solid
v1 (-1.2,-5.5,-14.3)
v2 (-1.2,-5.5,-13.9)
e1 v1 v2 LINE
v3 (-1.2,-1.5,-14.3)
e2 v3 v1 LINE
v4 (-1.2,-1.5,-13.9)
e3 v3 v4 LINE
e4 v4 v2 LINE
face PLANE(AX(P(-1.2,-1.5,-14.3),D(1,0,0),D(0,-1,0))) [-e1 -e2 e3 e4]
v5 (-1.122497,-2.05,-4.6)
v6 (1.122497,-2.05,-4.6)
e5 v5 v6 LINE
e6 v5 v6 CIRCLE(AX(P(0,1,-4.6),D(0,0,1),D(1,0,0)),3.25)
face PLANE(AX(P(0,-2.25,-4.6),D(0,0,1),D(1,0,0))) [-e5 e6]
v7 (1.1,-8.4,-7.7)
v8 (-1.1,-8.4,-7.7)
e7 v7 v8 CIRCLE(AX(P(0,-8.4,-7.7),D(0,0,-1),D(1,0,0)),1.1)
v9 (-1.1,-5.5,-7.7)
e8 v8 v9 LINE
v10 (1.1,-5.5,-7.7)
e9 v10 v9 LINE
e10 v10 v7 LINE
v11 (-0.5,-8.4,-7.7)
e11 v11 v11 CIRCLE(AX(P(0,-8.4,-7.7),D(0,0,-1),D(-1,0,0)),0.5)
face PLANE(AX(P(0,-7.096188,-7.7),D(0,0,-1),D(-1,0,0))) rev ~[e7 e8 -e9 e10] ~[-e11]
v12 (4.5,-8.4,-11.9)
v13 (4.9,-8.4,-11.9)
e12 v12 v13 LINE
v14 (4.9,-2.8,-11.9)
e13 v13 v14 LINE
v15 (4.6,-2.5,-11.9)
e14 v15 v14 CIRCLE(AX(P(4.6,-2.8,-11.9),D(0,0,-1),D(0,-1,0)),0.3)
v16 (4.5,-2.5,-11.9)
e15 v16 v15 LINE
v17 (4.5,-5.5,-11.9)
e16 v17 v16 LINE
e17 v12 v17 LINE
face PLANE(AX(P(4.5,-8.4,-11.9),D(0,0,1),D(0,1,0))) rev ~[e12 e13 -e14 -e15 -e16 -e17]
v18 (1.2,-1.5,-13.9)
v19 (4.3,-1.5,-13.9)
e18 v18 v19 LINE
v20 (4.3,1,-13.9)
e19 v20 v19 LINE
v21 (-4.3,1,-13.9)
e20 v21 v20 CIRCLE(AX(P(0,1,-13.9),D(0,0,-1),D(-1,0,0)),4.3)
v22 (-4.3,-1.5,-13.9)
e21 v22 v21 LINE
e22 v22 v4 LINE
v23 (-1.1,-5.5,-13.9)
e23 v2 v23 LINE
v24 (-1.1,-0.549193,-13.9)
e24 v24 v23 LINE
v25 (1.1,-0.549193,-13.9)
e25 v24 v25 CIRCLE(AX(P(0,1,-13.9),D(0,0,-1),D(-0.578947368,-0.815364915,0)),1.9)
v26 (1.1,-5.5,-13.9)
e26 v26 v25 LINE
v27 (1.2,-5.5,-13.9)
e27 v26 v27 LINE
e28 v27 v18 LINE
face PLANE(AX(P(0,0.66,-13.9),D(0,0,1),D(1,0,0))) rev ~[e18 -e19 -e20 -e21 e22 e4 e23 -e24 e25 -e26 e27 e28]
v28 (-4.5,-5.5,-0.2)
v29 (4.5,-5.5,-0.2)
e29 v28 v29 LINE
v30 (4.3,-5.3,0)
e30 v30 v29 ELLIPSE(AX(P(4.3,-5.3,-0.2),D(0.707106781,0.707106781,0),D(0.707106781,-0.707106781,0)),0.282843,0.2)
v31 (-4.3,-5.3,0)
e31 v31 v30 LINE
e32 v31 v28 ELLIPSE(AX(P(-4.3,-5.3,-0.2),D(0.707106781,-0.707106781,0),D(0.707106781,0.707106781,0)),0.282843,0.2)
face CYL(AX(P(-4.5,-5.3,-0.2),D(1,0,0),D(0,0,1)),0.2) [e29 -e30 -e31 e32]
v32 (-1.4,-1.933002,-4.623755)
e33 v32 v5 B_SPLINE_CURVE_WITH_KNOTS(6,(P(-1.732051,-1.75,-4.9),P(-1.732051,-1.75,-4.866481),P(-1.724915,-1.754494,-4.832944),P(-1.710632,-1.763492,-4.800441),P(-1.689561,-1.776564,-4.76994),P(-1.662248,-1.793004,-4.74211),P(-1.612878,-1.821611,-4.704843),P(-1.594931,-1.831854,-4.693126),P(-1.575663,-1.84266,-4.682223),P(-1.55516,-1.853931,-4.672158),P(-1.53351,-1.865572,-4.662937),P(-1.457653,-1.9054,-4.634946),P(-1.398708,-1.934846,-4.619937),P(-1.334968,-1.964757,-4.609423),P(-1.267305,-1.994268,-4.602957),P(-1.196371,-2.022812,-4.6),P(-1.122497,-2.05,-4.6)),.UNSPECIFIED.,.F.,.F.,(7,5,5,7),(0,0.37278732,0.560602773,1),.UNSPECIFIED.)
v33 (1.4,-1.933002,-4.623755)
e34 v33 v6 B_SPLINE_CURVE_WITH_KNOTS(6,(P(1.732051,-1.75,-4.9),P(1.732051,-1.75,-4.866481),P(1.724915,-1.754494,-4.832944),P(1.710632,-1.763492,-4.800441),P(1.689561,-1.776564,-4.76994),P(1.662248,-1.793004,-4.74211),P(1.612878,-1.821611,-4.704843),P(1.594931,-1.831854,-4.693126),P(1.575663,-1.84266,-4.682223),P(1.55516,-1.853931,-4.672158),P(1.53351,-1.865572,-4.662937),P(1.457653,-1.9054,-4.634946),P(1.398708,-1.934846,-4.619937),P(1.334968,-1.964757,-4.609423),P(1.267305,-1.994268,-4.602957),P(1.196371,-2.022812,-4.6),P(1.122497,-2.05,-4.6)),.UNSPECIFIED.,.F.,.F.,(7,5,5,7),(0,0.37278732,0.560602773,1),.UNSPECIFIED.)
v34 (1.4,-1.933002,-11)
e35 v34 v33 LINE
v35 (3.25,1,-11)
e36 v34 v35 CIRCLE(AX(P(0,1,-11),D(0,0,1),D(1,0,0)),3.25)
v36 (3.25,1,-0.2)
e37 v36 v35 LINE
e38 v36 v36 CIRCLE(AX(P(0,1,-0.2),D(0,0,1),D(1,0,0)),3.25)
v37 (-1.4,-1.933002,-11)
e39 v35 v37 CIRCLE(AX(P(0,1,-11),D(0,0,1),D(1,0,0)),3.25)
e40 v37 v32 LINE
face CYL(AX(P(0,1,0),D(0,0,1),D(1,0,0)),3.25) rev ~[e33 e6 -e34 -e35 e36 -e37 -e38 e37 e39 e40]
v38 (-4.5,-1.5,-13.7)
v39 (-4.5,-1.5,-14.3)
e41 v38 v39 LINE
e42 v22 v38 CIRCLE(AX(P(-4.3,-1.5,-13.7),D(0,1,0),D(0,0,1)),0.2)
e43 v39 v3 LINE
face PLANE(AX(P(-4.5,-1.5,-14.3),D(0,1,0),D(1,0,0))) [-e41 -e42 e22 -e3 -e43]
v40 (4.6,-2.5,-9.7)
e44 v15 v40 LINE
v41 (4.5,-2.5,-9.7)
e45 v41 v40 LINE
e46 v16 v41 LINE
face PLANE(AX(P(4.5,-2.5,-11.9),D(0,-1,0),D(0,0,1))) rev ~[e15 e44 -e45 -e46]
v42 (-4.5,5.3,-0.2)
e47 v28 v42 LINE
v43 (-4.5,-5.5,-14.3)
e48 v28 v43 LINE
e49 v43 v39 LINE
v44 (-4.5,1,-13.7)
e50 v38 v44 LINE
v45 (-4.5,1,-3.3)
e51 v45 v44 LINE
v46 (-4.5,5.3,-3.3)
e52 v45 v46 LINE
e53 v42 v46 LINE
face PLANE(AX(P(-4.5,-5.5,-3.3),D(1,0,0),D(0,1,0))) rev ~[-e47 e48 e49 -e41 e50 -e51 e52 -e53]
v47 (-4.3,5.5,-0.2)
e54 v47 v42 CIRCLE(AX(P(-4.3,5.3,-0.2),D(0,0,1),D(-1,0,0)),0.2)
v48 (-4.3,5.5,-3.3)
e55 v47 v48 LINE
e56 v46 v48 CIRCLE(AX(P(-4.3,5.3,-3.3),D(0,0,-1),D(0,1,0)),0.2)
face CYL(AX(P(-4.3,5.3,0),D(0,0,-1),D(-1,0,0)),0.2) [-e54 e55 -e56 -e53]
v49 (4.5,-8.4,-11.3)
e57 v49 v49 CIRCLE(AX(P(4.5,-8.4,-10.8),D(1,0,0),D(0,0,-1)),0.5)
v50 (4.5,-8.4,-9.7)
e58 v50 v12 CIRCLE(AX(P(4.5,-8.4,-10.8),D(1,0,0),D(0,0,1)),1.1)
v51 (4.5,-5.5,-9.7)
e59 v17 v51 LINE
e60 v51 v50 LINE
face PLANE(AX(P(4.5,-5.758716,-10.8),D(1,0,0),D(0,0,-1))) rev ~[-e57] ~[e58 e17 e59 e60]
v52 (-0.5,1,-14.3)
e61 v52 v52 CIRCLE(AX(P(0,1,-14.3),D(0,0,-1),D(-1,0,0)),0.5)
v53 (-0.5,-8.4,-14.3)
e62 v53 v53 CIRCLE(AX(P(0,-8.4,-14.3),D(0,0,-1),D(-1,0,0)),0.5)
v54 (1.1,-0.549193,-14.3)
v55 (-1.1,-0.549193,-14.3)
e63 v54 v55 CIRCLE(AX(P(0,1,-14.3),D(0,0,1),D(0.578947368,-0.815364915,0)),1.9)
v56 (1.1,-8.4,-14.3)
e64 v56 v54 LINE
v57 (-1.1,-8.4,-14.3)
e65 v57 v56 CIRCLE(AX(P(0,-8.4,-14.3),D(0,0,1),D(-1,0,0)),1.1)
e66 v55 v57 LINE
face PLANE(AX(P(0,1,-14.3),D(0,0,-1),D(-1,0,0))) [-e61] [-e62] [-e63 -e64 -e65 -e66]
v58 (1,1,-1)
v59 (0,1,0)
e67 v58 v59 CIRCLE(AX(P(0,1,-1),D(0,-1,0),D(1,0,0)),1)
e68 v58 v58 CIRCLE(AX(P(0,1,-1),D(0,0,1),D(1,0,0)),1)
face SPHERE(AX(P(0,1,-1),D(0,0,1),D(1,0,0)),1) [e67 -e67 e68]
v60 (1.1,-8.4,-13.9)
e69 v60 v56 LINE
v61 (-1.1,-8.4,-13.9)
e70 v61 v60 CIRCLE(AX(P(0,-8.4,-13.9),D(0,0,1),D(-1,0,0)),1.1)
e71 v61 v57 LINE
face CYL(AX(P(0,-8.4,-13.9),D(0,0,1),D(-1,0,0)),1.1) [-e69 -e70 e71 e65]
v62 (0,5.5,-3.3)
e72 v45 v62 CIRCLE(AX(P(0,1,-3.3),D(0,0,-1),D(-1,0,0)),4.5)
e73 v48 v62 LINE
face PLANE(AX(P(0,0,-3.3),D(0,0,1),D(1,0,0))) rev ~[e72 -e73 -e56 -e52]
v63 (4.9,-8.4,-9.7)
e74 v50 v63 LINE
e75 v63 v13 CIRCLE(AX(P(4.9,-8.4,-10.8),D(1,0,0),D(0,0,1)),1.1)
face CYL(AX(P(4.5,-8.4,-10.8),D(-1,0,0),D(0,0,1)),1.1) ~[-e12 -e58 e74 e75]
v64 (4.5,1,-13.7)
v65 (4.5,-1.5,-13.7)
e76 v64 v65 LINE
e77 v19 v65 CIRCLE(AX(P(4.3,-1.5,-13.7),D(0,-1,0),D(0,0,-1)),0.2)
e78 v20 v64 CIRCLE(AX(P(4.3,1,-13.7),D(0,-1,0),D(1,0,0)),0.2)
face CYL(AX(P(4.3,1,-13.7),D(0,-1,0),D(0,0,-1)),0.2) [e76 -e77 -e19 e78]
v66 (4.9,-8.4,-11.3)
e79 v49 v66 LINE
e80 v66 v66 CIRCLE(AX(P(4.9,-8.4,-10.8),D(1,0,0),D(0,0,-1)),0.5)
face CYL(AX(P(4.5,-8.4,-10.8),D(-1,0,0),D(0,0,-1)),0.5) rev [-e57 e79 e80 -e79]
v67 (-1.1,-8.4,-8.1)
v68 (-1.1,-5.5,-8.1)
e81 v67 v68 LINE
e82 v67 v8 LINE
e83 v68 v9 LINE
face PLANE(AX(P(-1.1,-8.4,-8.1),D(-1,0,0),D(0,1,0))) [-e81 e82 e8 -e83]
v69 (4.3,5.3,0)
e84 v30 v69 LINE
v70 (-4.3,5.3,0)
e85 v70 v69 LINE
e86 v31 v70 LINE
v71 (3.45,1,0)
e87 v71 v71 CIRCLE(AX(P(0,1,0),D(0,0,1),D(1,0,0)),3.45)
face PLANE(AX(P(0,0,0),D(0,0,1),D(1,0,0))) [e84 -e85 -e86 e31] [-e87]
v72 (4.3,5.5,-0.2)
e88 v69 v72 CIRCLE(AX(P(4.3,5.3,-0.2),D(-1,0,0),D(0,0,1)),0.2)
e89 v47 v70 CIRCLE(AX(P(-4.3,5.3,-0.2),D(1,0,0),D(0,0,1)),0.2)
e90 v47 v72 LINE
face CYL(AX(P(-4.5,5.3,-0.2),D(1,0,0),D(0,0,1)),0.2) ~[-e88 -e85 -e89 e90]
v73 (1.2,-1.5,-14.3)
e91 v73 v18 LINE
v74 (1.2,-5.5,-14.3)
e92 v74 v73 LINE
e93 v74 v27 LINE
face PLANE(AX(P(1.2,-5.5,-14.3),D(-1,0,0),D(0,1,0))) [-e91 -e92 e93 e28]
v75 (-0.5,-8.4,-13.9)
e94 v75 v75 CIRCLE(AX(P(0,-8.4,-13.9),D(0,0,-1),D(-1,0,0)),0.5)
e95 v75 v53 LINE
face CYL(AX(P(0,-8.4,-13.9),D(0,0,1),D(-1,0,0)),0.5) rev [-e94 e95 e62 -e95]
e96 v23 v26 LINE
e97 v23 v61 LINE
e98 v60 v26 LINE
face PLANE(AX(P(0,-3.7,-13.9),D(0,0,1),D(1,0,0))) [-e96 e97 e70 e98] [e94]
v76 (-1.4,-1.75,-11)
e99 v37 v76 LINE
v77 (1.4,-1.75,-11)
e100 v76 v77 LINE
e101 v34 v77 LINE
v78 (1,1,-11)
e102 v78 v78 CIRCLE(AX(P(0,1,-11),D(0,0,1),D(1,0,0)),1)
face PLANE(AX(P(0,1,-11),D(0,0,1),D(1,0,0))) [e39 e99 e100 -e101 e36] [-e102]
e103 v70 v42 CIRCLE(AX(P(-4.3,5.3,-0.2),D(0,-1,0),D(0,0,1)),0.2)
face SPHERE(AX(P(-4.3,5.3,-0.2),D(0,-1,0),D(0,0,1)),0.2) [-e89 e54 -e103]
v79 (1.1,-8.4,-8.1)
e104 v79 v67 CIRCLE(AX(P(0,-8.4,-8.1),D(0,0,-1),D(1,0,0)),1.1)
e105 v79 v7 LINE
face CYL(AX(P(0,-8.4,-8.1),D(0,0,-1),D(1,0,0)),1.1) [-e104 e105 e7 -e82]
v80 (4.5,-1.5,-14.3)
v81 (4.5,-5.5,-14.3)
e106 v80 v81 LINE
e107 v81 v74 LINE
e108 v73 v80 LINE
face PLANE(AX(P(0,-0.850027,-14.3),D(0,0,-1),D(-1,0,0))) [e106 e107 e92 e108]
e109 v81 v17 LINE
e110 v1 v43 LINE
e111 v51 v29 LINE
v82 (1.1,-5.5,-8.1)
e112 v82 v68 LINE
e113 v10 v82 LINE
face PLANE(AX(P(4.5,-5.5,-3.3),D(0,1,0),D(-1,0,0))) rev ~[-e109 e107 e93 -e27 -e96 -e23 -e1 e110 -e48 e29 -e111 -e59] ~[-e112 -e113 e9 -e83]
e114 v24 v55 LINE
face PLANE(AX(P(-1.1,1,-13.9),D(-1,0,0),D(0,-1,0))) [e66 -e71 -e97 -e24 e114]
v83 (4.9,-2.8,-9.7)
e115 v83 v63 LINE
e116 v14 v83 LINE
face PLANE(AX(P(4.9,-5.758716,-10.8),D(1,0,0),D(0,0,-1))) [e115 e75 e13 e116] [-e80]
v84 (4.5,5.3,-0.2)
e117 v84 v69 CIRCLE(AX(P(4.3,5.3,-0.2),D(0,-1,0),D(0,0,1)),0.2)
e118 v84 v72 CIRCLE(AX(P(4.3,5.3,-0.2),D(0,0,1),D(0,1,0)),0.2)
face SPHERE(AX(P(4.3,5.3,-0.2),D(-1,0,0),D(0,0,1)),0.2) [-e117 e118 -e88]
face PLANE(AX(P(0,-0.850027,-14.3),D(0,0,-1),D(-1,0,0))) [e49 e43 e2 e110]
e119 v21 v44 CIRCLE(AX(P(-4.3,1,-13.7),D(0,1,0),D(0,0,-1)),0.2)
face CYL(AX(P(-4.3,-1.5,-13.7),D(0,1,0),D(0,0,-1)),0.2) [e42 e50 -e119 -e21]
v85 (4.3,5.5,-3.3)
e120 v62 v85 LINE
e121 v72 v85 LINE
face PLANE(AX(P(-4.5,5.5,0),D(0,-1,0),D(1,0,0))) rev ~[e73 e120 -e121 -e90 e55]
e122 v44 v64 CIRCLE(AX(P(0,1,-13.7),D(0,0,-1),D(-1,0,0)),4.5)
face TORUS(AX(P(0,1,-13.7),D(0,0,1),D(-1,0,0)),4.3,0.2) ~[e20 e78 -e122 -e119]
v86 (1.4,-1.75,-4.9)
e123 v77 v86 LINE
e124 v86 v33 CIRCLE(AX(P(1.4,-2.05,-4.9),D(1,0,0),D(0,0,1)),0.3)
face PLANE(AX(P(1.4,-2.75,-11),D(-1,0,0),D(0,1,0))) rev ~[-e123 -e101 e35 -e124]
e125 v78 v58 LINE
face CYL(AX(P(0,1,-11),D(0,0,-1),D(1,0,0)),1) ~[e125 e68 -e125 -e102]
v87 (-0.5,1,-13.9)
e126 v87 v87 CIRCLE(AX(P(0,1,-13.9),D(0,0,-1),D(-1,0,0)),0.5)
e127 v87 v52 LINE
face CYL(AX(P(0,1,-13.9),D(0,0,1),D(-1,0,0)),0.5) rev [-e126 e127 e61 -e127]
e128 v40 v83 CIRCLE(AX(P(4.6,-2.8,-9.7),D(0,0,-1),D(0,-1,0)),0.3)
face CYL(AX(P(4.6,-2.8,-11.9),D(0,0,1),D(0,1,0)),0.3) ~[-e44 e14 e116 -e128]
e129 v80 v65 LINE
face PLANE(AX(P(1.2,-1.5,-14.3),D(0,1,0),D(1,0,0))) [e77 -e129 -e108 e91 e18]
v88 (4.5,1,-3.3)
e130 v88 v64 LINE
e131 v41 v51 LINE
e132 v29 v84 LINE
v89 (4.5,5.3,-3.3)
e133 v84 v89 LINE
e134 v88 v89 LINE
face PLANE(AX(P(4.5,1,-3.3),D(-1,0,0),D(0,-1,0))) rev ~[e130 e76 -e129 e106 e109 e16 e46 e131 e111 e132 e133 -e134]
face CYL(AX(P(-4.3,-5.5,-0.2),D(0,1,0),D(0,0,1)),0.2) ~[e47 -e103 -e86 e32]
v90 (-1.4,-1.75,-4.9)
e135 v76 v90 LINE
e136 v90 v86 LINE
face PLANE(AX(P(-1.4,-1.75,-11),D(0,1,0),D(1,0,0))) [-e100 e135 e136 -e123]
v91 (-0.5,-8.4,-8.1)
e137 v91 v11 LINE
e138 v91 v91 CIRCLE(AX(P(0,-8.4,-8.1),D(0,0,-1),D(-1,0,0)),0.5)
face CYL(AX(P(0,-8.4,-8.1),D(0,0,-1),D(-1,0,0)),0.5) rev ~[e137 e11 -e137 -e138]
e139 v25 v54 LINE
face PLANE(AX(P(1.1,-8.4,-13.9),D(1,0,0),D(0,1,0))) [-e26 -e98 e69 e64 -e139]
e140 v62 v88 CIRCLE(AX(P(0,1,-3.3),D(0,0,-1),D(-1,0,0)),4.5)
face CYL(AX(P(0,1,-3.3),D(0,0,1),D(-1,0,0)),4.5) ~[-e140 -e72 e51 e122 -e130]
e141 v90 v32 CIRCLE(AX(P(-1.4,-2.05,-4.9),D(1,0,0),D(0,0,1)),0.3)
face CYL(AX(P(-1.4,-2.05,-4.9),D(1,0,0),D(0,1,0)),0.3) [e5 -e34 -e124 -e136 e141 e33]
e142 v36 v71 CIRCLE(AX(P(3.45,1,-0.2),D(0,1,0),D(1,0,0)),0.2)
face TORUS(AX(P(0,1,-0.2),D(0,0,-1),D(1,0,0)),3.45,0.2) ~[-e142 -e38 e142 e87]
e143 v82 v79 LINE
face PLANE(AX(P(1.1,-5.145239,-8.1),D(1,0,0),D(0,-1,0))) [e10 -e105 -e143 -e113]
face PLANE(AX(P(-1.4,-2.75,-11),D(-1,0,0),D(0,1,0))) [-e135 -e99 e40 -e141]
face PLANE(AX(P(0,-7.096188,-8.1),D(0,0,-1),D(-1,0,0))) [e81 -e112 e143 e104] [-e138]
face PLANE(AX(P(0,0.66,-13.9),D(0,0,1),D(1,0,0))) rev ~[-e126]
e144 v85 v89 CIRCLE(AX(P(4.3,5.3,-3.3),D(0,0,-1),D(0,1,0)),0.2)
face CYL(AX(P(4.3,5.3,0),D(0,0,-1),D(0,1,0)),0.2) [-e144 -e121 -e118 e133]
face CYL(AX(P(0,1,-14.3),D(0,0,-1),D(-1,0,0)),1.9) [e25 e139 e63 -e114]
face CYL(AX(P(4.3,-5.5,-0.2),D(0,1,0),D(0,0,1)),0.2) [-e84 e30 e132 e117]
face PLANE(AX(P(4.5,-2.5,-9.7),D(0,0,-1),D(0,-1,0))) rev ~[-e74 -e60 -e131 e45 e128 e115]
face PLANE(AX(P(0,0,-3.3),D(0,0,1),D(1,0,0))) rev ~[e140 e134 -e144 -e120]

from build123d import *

# Parameters (mm, degrees)
SKETCH1_W           = 9
SKETCH1_H           = 11
BOSS_EXTRUDE1_DEPTH = 3.3
BOSS_EXTRUDE2_DEPTH = 11
SKETCH3_R           = 3.25
CUT_EXTRUDE1_DEPTH  = 11
SKETCH4_R           = 1
BOSS_EXTRUDE3_DEPTH = 11
FILLET1_R           = 1
FILLET2_R           = 0.2
CUT_EXTRUDE2_DEPTH  = 0.4
SKETCH6_R           = 0.5
BOSS_EXTRUDE4_DEPTH = 0.4
SKETCH7_R           = 1.9
SKETCH7_R_2         = 0.5
BOSS_EXTRUDE5_DEPTH = 0.4
SKETCH8_R           = 0.5
BOSS_EXTRUDE6_DEPTH = 0.4
SKETCH9_R           = 0.5
BOSS_EXTRUDE7_DEPTH = 0.4
SKETCH10_W          = 2.8
SKETCH10_H          = 1
BOSS_EXTRUDE8_DEPTH = 6.4
FILLET3_R           = 0.3
FILLET4_R           = 0.2


with BuildPart() as part:
    # Sketch1 → Boss-Extrude1 (new body)
    with BuildSketch(Plane.XY):
        Rectangle(SKETCH1_W, SKETCH1_H)
    extrude(amount=-BOSS_EXTRUDE1_DEPTH)

    # Sketch2 → Boss-Extrude2 (add)
    with BuildSketch(Plane(origin=(0, 0, -3.3), x_dir=(-1, 0, 0), z_dir=(0, 0, -1))):
        with BuildLine():
            Line((-4.5, -5.5), (4.5, -5.5))
            Line((4.5, -5.5), (4.5, 1))
            ThreePointArc((4.5, 1), (0, 5.5), (-4.5, 1))
            Line((-4.5, 1), (-4.5, -5.5))
        make_face()
    extrude(amount=BOSS_EXTRUDE2_DEPTH)

    # Sketch3 → Cut-Extrude1 (cut)
    with BuildSketch(Plane.XY):
        with Locations((0, 1)):
            Circle(SKETCH3_R)
    extrude(amount=-CUT_EXTRUDE1_DEPTH, mode=Mode.SUBTRACT)

    # Sketch4 → Boss-Extrude3 (add)
    with BuildSketch(Plane.XY.offset(-11)):
        with Locations((0, 1)):
            Circle(SKETCH4_R)
    extrude(amount=BOSS_EXTRUDE3_DEPTH)

    # Fillet1
    fillet1_edges = [part.edges().sort_by_distance(p)[0] for p in [
        (-1, 1, 0),
    ]]
    fillet(fillet1_edges, radius=FILLET1_R)

    # Fillet2
    fillet2_edges = [part.edges().sort_by_distance(p)[0] for p in [
        (-3.25, 1, 0),
        (0, -5.5, 0),
        (-4.5, 0, 0),
        (0, 5.5, 0),
        (4.5, 0, 0),
        (-4.5, 5.5, -1.65),
        (4.5, 5.5, -1.65),
    ]]
    fillet(fillet2_edges, radius=FILLET2_R)

    # Sketch5 → Cut-Extrude2 (cut)
    with BuildSketch(Plane(origin=(0, 0, -14.3), x_dir=(-1, 0, 0), z_dir=(0, 0, -1))):
        Polygon((4.5, -1.5), (1.2, -1.5), (1.2, -5.5), (-1.2, -5.5), (-1.2, -1.5), (-4.5, -1.5), (-4.5, 5.5), (4.5, 5.5), align=None)
    extrude(amount=-CUT_EXTRUDE2_DEPTH, mode=Mode.SUBTRACT)

    # Sketch6 → Boss-Extrude4 (add)
    with BuildSketch(Plane(origin=(0, 0, -13.9), x_dir=(-1, 0, 0), z_dir=(0, 0, -1))):
        with BuildLine():
            Line((-1.1, -8.4), (-1.1, 1))
            ThreePointArc((-1.1, 1), (0, 2.1), (1.1, 1))
            Line((1.1, 1), (1.1, -8.4))
            ThreePointArc((1.1, -8.4), (0, -9.5), (-1.1, -8.4))
        make_face()
        with Locations((0, -8.4)):
            Circle(SKETCH6_R, mode=Mode.SUBTRACT)
        with Locations((0, 1)):
            Circle(SKETCH6_R, mode=Mode.SUBTRACT)
    extrude(amount=BOSS_EXTRUDE4_DEPTH)

    # Sketch7 → Boss-Extrude5 (add)
    with BuildSketch(Plane(origin=(0, 0, -14.3), x_dir=(-1, 0, 0), z_dir=(0, 0, -1))):
        with Locations((0, 1)):
            Circle(SKETCH7_R)
        with Locations((0, 1)):
            Circle(SKETCH7_R_2, mode=Mode.SUBTRACT)
    extrude(amount=-BOSS_EXTRUDE5_DEPTH)

    # Sketch8 → Boss-Extrude6 (add)
    with BuildSketch(Plane(origin=(0, 0, -8.1), x_dir=(-1, 0, 0), z_dir=(0, 0, -1))):
        with BuildLine():
            Line((-1.1, -5.145239298), (-1.1, -8.4))
            ThreePointArc((-1.1, -8.4), (0, -9.5), (1.1, -8.4))
            Line((1.1, -8.4), (1.1, -5.145239298))
            Line((1.1, -5.145239298), (-1.1, -5.145239298))
        make_face()
        with Locations((0, -8.4)):
            Circle(SKETCH8_R, mode=Mode.SUBTRACT)
    extrude(amount=-BOSS_EXTRUDE6_DEPTH)

    # Sketch9 → Boss-Extrude7 (add)
    with BuildSketch(Plane(origin=(4.5, 0, 0), x_dir=(0, 0, -1), z_dir=(1, 0, 0))):
        with BuildLine():
            Line((9.7, -2.5), (9.7, -8.4))
            ThreePointArc((9.7, -8.4), (10.8, -9.5), (11.9, -8.4))
            Line((11.9, -8.4), (11.9, -2.5))
            Line((11.9, -2.5), (9.7, -2.5))
        make_face()
        with Locations((10.8, -8.4)):
            Circle(SKETCH9_R, mode=Mode.SUBTRACT)
    extrude(amount=BOSS_EXTRUDE7_DEPTH)

    # Sketch10 → Boss-Extrude8 (add)
    with BuildSketch(Plane.XY.offset(-11)):
        with Locations((0, -2.25)):
            Rectangle(SKETCH10_W, SKETCH10_H)
    extrude(amount=BOSS_EXTRUDE8_DEPTH)

    # Fillet3
    fillet3_edges = [part.edges().sort_by_distance(p)[0] for p in [
        (4.9, -2.5, -10.8),
        (0, -1.75, -4.6),
    ]]
    fillet(fillet3_edges, radius=FILLET3_R)

    # Fillet4
    fillet4_edges = [part.edges().sort_by_distance(p)[0] for p in [
        (0, 5.5, -13.9),
        (4.5, -0.25, -13.9),
        (-4.5, -0.25, -13.9),
    ]]
    fillet(fillet4_edges, radius=FILLET4_R)


solid = part.part
